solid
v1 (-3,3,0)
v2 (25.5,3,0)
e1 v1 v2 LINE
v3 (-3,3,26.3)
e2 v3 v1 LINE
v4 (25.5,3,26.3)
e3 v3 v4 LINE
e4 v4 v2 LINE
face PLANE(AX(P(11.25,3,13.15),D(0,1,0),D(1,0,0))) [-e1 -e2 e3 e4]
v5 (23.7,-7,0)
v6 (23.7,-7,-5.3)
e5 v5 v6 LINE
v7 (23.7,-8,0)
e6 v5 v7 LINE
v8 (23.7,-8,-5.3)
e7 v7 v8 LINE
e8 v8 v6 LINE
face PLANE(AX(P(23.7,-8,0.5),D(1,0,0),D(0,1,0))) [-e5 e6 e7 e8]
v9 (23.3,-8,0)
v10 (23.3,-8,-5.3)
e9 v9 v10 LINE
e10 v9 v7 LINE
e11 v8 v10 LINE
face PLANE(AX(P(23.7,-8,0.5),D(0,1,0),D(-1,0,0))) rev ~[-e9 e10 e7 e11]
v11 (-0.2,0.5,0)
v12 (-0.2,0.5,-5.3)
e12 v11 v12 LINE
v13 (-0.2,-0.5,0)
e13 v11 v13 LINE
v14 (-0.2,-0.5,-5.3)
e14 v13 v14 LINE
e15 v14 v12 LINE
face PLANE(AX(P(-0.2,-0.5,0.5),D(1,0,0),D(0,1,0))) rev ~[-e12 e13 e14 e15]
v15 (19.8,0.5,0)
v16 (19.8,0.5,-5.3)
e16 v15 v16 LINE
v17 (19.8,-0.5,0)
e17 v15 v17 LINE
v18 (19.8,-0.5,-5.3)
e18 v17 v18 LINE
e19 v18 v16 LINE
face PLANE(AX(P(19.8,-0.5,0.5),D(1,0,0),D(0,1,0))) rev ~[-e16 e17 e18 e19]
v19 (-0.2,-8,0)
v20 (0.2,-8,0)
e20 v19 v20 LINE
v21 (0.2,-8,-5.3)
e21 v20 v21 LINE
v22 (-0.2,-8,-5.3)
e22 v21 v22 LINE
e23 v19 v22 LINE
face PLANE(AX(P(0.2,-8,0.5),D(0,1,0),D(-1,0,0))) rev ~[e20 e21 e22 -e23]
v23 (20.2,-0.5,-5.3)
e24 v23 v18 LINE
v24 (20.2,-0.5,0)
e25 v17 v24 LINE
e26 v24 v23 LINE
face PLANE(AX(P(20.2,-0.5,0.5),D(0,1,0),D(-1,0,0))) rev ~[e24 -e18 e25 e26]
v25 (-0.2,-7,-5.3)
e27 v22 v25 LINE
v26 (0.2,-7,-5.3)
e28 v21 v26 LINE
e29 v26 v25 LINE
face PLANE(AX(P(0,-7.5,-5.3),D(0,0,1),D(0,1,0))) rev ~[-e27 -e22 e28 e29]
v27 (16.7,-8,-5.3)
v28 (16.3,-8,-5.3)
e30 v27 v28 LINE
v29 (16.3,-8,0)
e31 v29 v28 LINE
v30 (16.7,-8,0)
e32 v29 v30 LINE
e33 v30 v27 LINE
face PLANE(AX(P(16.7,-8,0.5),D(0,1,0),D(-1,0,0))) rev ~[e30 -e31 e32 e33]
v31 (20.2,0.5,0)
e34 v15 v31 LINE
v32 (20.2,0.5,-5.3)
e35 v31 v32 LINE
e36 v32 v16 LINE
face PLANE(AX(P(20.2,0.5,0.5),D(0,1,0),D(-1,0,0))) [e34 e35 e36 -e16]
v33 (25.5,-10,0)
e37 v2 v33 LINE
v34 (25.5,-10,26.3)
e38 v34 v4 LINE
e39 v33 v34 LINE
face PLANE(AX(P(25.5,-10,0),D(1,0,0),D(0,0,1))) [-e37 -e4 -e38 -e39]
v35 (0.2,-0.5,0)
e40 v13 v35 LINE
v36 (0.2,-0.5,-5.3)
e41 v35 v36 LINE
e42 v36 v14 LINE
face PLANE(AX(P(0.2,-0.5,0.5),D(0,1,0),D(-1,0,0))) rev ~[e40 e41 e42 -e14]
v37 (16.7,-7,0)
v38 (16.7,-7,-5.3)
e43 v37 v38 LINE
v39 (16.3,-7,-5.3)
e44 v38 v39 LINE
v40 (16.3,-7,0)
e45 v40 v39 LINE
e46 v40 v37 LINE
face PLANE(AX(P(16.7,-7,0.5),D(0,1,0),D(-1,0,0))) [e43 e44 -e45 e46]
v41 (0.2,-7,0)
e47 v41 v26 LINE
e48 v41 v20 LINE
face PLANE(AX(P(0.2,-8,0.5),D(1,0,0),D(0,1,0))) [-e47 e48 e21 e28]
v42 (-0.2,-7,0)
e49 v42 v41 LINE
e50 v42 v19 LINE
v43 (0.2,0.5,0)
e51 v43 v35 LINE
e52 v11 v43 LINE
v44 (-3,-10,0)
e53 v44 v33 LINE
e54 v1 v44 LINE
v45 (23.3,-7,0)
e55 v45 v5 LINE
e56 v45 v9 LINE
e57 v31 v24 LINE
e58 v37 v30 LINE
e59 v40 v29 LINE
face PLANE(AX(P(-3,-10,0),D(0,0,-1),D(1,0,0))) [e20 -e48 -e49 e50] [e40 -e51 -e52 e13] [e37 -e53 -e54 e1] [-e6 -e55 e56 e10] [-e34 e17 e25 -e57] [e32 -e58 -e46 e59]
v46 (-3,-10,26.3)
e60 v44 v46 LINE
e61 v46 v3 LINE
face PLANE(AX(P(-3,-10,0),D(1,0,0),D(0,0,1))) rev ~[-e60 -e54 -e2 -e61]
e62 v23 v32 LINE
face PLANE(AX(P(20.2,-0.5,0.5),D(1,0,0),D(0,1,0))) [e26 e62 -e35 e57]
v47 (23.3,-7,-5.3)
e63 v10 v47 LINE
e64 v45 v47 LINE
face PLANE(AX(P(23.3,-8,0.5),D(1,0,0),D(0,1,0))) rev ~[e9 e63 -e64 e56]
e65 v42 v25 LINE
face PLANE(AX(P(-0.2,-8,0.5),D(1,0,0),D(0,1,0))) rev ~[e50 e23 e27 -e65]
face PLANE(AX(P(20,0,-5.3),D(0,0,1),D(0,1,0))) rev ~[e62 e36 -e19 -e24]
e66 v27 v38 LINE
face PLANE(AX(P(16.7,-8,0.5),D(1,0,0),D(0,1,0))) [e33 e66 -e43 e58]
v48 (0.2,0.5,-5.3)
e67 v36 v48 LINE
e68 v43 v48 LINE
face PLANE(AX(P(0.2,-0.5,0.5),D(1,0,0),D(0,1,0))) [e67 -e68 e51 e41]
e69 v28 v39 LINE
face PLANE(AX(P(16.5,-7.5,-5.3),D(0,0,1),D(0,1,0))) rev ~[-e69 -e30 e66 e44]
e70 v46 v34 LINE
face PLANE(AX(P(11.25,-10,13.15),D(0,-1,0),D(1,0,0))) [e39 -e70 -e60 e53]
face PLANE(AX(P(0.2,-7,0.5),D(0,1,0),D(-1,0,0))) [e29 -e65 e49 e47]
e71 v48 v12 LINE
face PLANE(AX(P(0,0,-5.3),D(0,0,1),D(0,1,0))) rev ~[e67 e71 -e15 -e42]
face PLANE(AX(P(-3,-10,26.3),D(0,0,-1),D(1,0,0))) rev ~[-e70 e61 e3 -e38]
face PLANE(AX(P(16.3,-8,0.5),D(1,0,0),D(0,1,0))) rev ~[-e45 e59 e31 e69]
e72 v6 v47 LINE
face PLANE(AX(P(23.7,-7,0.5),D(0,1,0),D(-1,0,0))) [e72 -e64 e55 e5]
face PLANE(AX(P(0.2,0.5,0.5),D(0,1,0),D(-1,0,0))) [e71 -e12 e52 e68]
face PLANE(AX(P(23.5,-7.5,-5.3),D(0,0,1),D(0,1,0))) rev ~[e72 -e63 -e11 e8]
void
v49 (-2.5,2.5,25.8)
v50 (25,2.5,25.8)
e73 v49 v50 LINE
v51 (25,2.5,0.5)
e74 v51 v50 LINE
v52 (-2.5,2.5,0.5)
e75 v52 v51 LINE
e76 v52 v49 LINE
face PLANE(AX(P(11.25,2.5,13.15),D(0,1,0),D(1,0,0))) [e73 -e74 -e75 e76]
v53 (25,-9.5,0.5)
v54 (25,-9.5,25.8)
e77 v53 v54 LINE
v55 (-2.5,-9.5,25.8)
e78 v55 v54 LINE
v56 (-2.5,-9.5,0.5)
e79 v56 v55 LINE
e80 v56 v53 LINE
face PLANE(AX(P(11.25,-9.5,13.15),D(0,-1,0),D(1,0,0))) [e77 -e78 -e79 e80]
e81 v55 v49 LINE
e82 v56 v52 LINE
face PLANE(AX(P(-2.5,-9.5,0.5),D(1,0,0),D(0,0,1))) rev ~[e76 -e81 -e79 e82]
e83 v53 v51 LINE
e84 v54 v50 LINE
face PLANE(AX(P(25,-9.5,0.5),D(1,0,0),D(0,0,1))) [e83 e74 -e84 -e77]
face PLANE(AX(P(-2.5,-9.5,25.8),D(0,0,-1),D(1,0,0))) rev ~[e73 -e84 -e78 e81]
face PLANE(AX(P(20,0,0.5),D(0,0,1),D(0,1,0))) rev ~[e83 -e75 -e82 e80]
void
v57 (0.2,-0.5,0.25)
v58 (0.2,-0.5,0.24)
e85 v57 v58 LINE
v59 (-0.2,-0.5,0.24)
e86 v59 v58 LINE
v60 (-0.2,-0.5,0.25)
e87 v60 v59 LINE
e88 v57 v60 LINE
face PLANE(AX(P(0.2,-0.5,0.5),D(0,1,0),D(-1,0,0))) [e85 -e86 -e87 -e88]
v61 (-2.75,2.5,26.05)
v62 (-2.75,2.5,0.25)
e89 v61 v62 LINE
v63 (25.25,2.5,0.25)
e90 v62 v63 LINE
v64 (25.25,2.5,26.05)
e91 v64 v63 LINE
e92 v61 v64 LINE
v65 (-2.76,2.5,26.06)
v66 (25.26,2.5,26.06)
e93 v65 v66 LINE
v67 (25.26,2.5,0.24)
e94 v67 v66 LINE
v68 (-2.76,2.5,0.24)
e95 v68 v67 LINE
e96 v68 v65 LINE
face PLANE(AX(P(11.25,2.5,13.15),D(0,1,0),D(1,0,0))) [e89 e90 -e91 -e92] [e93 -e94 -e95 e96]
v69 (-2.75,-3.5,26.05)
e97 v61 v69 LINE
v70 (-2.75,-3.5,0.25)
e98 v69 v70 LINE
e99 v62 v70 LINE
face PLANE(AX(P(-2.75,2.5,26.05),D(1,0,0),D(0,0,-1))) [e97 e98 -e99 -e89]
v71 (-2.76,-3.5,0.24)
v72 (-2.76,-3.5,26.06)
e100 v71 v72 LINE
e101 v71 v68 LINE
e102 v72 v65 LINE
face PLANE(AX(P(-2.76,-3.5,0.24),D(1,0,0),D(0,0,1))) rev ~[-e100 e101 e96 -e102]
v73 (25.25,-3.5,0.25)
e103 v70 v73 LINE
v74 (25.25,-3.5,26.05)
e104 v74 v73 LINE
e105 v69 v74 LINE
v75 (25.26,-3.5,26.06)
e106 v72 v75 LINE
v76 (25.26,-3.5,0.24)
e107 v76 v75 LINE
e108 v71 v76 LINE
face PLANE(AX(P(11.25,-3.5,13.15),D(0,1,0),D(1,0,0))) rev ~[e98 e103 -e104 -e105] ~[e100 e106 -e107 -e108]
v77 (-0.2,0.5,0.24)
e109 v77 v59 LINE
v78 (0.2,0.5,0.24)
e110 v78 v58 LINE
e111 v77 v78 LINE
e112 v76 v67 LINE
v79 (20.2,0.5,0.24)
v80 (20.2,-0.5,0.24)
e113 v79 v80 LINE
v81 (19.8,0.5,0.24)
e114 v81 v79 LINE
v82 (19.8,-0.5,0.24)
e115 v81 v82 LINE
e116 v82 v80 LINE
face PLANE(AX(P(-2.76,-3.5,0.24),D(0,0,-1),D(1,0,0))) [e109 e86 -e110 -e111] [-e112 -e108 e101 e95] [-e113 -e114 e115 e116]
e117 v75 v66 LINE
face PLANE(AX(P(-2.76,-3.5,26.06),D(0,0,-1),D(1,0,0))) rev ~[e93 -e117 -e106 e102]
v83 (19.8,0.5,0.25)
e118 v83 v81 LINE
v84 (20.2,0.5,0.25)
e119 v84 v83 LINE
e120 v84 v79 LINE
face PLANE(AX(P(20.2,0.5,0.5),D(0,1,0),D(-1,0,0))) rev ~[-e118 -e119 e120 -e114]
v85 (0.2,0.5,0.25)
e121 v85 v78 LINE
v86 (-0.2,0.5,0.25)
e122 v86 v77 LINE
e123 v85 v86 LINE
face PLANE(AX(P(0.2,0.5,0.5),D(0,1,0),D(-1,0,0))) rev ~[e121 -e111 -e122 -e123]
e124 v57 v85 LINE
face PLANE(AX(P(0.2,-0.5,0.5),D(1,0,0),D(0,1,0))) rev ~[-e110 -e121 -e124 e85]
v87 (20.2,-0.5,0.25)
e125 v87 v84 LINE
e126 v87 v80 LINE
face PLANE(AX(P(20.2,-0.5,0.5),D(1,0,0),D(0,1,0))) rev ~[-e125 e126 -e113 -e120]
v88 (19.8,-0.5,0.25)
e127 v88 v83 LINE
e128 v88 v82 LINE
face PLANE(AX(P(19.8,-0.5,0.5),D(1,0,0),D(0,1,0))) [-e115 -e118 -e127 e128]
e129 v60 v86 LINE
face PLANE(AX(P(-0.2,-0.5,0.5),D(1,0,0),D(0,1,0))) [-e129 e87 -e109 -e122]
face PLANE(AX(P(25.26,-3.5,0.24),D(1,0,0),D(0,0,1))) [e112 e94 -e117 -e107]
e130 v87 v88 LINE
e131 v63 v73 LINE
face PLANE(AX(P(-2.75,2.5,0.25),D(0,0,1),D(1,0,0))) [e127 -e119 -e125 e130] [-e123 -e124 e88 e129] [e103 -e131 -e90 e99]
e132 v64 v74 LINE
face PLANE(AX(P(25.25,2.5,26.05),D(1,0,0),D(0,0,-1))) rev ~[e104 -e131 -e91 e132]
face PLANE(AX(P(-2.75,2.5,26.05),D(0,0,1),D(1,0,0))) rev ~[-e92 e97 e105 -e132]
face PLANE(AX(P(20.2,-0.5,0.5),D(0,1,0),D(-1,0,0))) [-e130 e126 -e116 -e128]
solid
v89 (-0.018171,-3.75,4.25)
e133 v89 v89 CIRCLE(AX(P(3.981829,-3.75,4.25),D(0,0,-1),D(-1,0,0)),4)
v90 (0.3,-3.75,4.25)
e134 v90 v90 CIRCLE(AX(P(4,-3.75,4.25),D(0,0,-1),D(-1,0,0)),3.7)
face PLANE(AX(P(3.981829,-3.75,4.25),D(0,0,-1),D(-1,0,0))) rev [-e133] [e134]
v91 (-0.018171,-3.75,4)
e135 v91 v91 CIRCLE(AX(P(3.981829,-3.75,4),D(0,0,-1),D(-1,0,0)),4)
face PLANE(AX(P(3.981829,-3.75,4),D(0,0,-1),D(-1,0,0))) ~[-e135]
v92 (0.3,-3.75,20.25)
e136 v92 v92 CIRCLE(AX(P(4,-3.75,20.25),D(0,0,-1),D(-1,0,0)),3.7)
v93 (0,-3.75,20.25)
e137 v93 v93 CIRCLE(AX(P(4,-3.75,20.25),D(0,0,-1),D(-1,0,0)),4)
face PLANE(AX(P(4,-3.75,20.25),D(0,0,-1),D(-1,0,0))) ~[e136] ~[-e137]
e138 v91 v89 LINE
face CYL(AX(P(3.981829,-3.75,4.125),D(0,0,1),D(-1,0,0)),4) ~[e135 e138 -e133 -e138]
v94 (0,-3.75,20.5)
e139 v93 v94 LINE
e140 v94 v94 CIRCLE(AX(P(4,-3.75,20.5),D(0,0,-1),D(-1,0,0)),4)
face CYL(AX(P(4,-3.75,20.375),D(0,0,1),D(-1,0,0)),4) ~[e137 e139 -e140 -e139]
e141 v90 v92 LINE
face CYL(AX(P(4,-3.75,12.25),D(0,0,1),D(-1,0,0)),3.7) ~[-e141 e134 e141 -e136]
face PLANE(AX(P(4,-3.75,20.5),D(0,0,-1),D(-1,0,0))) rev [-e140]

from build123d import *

# Parameters (mm, degrees)
SKETCH006_W   = 28.5
SKETCH006_H   = 26.3
SKETCH006_W_2 = 27.5
SKETCH006_H_2 = 25.3
PAD002_DEPTH  = 12
SKETCH007_W   = 28.5
SKETCH007_H   = 26.3
SKETCH007_W_2 = 28
SKETCH007_H_2 = 25.8
POCKET_DEPTH  = 6
SKETCH005_W   = 28.5
SKETCH005_H   = 26.3
PAD001_DEPTH  = 0.5
SKETCH002_W   = 3.7
SKETCH002_H   = 16
SKETCH003_W   = 4
SKETCH003_H   = 0.25
SKETCH004_W   = 4
SKETCH004_H   = 0.25
SKETCH_W      = 1
SKETCH_H      = 0.4
PAD_DEPTH     = 5.8
SKETCH009_W   = 28.5
SKETCH009_H   = 26.3
SKETCH009_W_2 = 28.02
SKETCH009_H_2 = 25.82
PAD004_DEPTH  = 6
SKETCH010_W   = 28.5
SKETCH010_H   = 26.3
PAD005_DEPTH  = 0.5


with BuildPart() as pocket:
    # Sketch006 → Pad002 (new body)
    with BuildSketch(Plane.XZ.offset(9.5)):
        with Locations((11.25, 13.15)):
            Rectangle(SKETCH006_W, SKETCH006_H)
        with Locations((11.25, 13.15)):
            Rectangle(SKETCH006_W_2, SKETCH006_H_2, mode=Mode.SUBTRACT)
    extrude(amount=-PAD002_DEPTH)

    # Sketch007 → Pocket (cut)
    with BuildSketch(Plane(origin=(0, 2.5, 0), x_dir=(1, 0, 0), z_dir=(0, 1, 0))):
        with Locations((11.25, -13.15)):
            Rectangle(SKETCH007_W, SKETCH007_H)
        with Locations((11.25, -13.15)):
            Rectangle(SKETCH007_W_2, SKETCH007_H_2, mode=Mode.SUBTRACT)
    extrude(amount=-POCKET_DEPTH, mode=Mode.SUBTRACT)


with BuildPart() as pad001:
    # Sketch005 → Pad001 (new body)
    with BuildSketch(Plane.XZ.offset(10)):
        with Locations((11.25, 13.15)):
            Rectangle(SKETCH005_W, SKETCH005_H)
    extrude(amount=-PAD001_DEPTH)


with BuildPart() as revolution:
    # Sketch002 → Revolution (revolve)
    with BuildSketch(Plane(origin=(0, -3.75, 0), x_dir=(-1, 0, 0), z_dir=(0, 1, 0))):
        with Locations((-2.15, 12.25)):
            Rectangle(SKETCH002_W, SKETCH002_H)
    revolve(axis=Axis((4, -3.75, 21.020615), (0, 0, -1)))


with BuildPart() as revolution001:
    # Sketch003 → Revolution001 (revolve)
    with BuildSketch(Plane(origin=(0, -3.75, 0), x_dir=(-1, 0, 0), z_dir=(0, 1, 0))):
        with Locations((-1.981829, 4.125)):
            Rectangle(SKETCH003_W, SKETCH003_H)
    revolve(axis=Axis((3.981829, -3.75, 21.020615), (0, 0, -1)))


with BuildPart() as revolution002:
    # Sketch004 → Revolution002 (revolve)
    with BuildSketch(Plane(origin=(0, -3.75, 0), x_dir=(-1, 0, 0), z_dir=(0, 1, 0))):
        with Locations((-2, 20.375)):
            Rectangle(SKETCH004_W, SKETCH004_H)
    revolve(axis=Axis((4, -3.75, 21.020615), (0, 0, -1)))


with BuildPart() as pad:
    # Sketch → Pad (new body)
    with BuildSketch(Plane(origin=(0, -7.5, 0.5), x_dir=(0, 1, 0), z_dir=(0, 0, 1))):
        Rectangle(SKETCH_W, SKETCH_H)
        with Locations((7.5, 0)):
            Rectangle(SKETCH_W, SKETCH_H)
        with Locations((0, -16.5)):
            Rectangle(SKETCH_W, SKETCH_H)
        with Locations((0, -23.5)):
            Rectangle(SKETCH_W, SKETCH_H)
        with Locations((7.5, -20)):
            Rectangle(SKETCH_W, SKETCH_H)
    extrude(amount=-PAD_DEPTH)


with BuildPart() as pad005_mp_cp:
    # Sketch009 → Pad004 (new body)
    with BuildSketch(Plane.XZ.offset(3.5)):
        with Locations((11.25, 13.15)):
            Rectangle(SKETCH009_W, SKETCH009_H)
        with Locations((11.25, 13.15)):
            Rectangle(SKETCH009_W_2, SKETCH009_H_2, mode=Mode.SUBTRACT)
    extrude(amount=-PAD004_DEPTH)

    # Sketch010 → Pad005 (new body)
    with BuildSketch(Plane(origin=(0, 2.5, 0), x_dir=(1, 0, 0), z_dir=(0, 1, 0))):
        with Locations((11.25, -13.15)):
            Rectangle(SKETCH010_W, SKETCH010_H)
    extrude(amount=PAD005_DEPTH)

    # Pad005_mp_cp: union Pocket, Pad001, Revolution, Revolution001, Revolution002, Pad
    add(pocket.part)
    add(pad001.part)
    add(revolution.part)
    add(revolution001.part)
    add(revolution002.part)
    add(pad.part)


solid = pad005_mp_cp.part
